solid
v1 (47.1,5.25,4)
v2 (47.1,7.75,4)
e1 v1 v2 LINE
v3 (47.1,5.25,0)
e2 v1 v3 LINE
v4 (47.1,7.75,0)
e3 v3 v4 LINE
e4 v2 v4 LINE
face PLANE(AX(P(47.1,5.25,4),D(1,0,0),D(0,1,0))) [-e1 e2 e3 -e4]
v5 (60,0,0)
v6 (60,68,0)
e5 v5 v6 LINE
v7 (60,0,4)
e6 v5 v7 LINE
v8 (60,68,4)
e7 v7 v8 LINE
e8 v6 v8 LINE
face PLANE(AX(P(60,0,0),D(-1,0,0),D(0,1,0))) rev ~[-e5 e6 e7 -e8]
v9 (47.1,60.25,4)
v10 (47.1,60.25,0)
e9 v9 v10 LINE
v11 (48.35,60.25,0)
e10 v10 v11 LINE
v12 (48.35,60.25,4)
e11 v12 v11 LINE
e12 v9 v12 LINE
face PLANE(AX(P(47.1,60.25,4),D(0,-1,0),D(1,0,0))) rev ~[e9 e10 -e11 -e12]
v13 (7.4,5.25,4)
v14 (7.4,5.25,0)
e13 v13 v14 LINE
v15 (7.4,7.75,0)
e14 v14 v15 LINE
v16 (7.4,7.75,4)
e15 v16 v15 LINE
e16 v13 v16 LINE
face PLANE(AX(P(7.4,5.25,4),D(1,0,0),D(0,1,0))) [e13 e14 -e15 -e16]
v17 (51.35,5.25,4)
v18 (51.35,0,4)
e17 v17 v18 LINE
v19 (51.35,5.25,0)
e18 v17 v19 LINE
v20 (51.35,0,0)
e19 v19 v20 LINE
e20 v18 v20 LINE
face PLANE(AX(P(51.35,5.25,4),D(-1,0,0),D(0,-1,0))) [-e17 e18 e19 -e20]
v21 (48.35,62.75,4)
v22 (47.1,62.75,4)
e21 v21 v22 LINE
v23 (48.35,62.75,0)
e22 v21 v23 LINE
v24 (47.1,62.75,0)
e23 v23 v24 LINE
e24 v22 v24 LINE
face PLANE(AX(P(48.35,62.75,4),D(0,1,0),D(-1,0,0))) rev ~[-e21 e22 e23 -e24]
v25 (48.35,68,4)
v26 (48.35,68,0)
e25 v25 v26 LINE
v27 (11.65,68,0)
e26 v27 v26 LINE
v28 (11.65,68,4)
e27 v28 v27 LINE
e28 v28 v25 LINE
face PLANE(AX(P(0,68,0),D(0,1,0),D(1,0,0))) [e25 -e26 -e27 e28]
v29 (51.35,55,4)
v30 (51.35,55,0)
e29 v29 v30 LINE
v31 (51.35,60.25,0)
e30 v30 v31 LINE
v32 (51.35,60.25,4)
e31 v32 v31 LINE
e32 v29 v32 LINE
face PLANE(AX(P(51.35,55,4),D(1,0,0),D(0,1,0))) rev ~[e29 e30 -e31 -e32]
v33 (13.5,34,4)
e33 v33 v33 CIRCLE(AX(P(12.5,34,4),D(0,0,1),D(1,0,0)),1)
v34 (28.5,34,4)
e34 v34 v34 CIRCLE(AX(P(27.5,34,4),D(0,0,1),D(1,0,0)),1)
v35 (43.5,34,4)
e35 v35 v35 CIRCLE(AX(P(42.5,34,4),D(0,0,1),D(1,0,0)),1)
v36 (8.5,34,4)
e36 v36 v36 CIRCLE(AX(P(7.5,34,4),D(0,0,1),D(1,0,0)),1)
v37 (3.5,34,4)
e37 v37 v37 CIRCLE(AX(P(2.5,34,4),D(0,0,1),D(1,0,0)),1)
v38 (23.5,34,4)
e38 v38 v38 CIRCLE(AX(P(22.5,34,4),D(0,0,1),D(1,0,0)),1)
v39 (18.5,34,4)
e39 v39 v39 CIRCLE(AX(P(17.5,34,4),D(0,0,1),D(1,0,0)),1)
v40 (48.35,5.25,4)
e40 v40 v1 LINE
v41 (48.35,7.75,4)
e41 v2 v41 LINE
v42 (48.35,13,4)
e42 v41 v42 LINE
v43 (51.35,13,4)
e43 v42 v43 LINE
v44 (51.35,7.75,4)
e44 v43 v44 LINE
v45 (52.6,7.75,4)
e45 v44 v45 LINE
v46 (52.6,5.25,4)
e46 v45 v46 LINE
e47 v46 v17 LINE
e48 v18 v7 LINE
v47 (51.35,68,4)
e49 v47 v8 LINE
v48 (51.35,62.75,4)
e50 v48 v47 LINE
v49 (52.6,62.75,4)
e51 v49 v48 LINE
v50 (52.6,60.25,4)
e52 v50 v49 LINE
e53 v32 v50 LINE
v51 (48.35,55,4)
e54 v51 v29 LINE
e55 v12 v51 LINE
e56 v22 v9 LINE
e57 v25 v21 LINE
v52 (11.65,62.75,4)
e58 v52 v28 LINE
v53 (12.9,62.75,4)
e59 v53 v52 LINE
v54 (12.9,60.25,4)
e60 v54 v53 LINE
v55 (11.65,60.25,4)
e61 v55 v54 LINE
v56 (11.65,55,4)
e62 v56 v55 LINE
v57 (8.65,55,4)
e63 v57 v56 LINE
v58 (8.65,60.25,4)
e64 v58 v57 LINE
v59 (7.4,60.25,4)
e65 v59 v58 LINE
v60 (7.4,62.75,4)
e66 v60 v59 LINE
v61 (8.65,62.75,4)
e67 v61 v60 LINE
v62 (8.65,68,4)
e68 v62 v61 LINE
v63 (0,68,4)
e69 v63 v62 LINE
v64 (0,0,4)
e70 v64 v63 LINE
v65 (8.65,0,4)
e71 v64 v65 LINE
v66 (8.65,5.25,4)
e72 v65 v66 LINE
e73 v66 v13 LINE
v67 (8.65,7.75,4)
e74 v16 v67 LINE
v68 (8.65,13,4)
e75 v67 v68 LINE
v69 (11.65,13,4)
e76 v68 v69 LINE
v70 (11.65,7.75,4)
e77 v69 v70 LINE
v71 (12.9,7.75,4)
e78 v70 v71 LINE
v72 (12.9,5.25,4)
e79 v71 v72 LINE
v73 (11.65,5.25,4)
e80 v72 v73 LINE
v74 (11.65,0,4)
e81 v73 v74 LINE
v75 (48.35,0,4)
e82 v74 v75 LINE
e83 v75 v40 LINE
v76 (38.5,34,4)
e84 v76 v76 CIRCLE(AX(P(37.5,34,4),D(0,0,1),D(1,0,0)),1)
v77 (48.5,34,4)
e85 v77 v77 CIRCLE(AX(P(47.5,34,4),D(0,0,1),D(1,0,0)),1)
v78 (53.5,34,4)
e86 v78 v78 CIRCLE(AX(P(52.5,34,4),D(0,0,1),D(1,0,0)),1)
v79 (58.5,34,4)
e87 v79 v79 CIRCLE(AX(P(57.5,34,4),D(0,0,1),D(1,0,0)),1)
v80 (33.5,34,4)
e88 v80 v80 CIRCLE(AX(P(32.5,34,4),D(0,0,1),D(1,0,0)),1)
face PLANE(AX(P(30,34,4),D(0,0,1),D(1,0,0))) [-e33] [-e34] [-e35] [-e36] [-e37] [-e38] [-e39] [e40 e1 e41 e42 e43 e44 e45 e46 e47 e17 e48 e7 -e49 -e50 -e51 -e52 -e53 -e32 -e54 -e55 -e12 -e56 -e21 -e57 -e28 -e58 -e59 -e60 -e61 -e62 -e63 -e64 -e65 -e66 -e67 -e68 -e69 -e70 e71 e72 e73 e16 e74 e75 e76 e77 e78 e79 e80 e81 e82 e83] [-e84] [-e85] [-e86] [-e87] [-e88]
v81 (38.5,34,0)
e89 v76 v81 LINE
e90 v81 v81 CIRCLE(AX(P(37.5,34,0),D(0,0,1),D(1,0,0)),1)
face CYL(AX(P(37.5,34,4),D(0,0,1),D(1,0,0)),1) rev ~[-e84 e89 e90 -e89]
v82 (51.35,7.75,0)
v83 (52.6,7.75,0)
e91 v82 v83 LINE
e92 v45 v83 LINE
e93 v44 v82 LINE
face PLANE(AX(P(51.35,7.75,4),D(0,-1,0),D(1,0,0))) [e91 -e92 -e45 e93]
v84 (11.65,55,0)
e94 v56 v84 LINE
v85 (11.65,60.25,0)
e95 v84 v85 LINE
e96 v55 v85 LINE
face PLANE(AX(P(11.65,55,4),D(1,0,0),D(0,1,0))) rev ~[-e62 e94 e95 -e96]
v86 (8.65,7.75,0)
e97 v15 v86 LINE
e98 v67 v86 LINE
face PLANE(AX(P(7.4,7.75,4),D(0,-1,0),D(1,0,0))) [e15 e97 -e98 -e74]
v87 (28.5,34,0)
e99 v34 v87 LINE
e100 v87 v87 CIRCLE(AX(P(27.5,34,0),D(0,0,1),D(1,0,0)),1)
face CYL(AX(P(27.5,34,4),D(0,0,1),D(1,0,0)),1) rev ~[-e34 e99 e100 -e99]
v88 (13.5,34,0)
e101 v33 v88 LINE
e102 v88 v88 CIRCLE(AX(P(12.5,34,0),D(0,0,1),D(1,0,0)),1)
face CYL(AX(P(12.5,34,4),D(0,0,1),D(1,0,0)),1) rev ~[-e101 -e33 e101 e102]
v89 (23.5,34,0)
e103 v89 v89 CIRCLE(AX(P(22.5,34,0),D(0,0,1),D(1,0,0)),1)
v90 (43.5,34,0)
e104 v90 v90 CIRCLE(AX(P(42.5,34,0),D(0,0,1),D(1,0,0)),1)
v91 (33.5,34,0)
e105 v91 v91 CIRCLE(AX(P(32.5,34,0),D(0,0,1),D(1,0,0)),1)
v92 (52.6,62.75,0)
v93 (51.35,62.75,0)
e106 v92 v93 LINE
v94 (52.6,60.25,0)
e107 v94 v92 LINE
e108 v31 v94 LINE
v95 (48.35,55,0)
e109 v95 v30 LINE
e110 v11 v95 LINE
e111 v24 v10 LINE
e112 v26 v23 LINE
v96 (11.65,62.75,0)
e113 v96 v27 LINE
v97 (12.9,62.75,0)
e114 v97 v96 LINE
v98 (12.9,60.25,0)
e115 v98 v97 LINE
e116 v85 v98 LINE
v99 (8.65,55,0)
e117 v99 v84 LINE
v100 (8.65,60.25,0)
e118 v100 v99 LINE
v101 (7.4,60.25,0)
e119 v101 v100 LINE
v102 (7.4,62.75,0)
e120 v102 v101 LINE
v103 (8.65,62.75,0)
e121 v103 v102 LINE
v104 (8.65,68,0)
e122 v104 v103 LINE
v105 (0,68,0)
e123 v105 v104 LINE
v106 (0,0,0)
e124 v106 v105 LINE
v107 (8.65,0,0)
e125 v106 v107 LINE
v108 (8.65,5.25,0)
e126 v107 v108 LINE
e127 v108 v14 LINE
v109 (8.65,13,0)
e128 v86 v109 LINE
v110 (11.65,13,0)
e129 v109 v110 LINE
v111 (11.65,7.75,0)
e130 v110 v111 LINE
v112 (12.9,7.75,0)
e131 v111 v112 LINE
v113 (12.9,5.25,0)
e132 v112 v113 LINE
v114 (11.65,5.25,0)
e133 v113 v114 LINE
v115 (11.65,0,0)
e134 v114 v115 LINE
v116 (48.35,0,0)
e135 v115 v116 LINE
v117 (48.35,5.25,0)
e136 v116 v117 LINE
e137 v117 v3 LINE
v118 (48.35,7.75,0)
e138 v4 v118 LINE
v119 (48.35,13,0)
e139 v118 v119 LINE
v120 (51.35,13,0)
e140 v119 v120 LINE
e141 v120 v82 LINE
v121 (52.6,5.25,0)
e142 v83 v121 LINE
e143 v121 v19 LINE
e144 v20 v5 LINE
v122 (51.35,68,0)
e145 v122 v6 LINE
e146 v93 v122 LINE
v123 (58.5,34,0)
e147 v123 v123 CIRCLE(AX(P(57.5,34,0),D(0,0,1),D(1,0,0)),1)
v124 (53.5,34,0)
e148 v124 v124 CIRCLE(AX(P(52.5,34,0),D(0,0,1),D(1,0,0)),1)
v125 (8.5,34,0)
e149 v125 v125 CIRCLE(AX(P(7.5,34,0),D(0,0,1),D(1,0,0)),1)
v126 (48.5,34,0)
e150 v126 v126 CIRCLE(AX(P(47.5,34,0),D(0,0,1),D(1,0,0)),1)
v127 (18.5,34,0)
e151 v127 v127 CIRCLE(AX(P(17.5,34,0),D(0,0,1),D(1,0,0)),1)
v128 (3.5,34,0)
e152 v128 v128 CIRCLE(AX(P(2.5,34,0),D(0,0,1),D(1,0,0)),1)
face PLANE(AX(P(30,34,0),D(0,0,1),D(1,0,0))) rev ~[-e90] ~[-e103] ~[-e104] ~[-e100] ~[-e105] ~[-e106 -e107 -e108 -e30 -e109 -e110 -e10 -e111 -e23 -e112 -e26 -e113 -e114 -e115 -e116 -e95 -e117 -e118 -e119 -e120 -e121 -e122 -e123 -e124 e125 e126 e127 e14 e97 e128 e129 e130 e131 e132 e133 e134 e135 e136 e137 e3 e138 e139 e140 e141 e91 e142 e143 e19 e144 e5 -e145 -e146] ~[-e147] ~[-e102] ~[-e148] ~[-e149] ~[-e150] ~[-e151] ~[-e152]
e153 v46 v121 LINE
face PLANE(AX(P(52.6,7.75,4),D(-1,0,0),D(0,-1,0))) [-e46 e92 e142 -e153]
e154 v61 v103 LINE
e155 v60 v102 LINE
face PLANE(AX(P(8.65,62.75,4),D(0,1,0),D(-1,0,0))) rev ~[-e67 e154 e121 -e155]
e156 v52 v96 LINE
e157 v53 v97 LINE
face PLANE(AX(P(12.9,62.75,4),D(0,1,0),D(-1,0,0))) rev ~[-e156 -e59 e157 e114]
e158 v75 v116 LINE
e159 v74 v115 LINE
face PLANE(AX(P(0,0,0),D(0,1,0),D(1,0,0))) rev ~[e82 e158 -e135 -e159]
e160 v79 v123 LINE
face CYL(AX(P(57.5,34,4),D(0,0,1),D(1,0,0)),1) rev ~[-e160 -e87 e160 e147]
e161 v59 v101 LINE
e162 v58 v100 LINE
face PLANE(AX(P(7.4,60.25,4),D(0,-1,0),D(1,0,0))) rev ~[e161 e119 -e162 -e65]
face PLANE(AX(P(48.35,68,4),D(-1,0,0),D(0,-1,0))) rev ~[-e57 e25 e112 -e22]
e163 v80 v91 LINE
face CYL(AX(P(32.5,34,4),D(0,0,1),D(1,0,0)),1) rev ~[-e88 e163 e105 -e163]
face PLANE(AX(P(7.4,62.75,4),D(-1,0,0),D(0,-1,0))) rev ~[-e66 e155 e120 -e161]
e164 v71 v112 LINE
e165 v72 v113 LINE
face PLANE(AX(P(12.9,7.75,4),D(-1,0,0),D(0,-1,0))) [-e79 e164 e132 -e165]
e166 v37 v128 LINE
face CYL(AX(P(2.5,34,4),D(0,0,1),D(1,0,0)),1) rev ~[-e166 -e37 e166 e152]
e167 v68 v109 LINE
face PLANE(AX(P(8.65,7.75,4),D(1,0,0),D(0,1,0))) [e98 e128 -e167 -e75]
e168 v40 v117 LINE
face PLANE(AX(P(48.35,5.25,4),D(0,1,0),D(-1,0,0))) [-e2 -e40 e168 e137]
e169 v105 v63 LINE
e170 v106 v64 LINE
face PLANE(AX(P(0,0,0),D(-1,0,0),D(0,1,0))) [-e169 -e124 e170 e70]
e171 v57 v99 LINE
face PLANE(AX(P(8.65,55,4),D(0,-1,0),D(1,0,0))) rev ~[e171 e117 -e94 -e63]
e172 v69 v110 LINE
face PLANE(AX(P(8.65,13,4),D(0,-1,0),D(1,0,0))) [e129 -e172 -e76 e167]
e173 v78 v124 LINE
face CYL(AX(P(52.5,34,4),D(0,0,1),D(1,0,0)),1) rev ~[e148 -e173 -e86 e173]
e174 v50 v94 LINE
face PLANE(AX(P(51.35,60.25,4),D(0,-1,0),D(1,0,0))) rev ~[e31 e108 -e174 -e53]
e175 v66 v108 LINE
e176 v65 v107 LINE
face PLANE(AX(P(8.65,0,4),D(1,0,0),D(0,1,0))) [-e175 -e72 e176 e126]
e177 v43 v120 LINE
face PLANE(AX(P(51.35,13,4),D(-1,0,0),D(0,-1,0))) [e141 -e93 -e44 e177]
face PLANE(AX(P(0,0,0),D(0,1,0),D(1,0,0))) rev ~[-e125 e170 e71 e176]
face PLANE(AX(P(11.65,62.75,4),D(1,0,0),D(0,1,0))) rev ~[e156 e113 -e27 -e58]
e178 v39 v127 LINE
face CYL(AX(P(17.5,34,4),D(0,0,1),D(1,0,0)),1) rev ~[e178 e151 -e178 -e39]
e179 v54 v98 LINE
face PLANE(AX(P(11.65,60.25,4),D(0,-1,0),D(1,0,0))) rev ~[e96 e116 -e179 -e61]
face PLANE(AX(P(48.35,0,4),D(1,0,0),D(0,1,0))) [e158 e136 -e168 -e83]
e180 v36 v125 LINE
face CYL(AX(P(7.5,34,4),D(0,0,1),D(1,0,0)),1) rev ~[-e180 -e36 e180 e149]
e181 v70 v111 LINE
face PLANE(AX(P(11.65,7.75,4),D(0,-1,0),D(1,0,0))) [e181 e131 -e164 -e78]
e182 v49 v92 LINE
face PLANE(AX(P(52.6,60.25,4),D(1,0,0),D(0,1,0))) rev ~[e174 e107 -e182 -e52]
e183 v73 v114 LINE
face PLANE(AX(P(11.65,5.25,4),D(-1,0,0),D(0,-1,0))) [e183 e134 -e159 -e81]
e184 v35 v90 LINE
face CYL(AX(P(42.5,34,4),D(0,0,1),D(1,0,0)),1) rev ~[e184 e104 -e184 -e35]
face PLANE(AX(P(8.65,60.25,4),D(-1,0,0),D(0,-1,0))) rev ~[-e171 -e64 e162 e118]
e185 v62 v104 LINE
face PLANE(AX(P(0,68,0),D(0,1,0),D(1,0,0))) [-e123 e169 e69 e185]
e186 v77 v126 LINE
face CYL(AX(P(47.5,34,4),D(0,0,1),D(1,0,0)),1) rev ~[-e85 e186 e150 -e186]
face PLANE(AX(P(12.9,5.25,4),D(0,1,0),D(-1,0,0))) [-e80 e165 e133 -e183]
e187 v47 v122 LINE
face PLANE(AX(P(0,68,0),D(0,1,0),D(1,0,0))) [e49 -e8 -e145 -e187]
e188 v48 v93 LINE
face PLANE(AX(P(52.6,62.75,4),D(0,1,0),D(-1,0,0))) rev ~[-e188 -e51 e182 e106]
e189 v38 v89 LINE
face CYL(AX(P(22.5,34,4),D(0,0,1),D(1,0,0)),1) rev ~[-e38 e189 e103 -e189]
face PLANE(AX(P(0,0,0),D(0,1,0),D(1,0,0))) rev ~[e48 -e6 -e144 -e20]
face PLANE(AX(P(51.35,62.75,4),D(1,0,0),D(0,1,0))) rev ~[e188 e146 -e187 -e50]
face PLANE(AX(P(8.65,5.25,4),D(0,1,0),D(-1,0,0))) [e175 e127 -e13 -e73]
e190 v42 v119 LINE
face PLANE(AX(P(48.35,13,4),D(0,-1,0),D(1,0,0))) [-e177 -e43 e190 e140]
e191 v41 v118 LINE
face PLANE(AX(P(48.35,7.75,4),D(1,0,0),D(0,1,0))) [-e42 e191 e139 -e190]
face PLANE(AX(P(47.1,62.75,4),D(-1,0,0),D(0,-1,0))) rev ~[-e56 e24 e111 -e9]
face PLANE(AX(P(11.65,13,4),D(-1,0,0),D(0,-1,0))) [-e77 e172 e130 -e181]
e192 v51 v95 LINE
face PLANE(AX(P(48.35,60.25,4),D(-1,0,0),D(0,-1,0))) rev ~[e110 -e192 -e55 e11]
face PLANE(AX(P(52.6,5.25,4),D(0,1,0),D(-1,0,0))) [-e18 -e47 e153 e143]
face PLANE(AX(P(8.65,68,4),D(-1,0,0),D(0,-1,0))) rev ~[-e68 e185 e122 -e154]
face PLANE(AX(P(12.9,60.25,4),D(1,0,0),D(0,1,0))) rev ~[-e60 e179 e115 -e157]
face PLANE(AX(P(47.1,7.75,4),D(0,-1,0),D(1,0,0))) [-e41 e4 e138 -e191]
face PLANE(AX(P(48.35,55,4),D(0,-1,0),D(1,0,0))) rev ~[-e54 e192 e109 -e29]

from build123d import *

# Parameters (mm, degrees)
SKETCH_2_W          = 60
SKETCH_2_H          = 68
EXTRUDE_1_DEPTH     = 4
CUT_EXTRUDE_1_DEPTH = 4
SKETCH_4_R          = 1
CUT_EXTRUDE_2_DEPTH = 4


with BuildPart() as part:
    # Эскиз2 → Бобышка-Вытянуть1 (new body)
    with BuildSketch(Plane.XY):
        with Locations((30, 34)):
            Rectangle(SKETCH_2_W, SKETCH_2_H)
    extrude(amount=EXTRUDE_1_DEPTH)

    # Эскиз3 → Вырез-Вытянуть1 (cut)
    with BuildSketch(Plane.XY.offset(4)):
        Polygon((8.65, 0), (8.65, 5.25), (7.4, 5.25), (7.4, 7.75), (8.65, 7.75), (8.65, 13), (11.65, 13), (11.65, 7.75), (12.9, 7.75), (12.9, 5.25), (11.65, 5.25), (11.65, 0), align=None)
        Polygon((47.1, 7.75), (48.35, 7.75), (48.35, 13), (51.35, 13), (51.35, 7.75), (52.6, 7.75), (52.6, 5.25), (51.35, 5.25), (51.35, 0), (48.35, 0), (48.35, 5.25), (47.1, 5.25), align=None)
        Polygon((48.35, 68), (48.35, 62.75), (47.1, 62.75), (47.1, 60.25), (48.35, 60.25), (48.35, 55), (51.35, 55), (51.35, 60.25), (52.6, 60.25), (52.6, 62.75), (51.35, 62.75), (51.35, 68), align=None)
        Polygon((8.65, 68), (8.65, 62.75), (7.4, 62.75), (7.4, 60.25), (8.65, 60.25), (8.65, 55), (11.65, 55), (11.65, 60.25), (12.9, 60.25), (12.9, 62.75), (11.65, 62.75), (11.65, 68), align=None)
    extrude(amount=-CUT_EXTRUDE_1_DEPTH, mode=Mode.SUBTRACT)

    # Эскиз4 → Вырез-Вытянуть2 (cut)
    with BuildSketch(Plane.XY.offset(4)):
        with Locations((2.5, 34)):
            Circle(SKETCH_4_R)
        with Locations((7.5, 34)):
            Circle(SKETCH_4_R)
        with Locations((12.5, 34)):
            Circle(SKETCH_4_R)
        with Locations((17.5, 34)):
            Circle(SKETCH_4_R)
        with Locations((22.5, 34)):
            Circle(SKETCH_4_R)
        with Locations((27.5, 34)):
            Circle(SKETCH_4_R)
        with Locations((32.5, 34)):
            Circle(SKETCH_4_R)
        with Locations((37.5, 34)):
            Circle(SKETCH_4_R)
        with Locations((42.5, 34)):
            Circle(SKETCH_4_R)
        with Locations((47.5, 34)):
            Circle(SKETCH_4_R)
        with Locations((52.5, 34)):
            Circle(SKETCH_4_R)
        with Locations((57.5, 34)):
            Circle(SKETCH_4_R)
    extrude(amount=-CUT_EXTRUDE_2_DEPTH, mode=Mode.SUBTRACT)


solid = part.part
